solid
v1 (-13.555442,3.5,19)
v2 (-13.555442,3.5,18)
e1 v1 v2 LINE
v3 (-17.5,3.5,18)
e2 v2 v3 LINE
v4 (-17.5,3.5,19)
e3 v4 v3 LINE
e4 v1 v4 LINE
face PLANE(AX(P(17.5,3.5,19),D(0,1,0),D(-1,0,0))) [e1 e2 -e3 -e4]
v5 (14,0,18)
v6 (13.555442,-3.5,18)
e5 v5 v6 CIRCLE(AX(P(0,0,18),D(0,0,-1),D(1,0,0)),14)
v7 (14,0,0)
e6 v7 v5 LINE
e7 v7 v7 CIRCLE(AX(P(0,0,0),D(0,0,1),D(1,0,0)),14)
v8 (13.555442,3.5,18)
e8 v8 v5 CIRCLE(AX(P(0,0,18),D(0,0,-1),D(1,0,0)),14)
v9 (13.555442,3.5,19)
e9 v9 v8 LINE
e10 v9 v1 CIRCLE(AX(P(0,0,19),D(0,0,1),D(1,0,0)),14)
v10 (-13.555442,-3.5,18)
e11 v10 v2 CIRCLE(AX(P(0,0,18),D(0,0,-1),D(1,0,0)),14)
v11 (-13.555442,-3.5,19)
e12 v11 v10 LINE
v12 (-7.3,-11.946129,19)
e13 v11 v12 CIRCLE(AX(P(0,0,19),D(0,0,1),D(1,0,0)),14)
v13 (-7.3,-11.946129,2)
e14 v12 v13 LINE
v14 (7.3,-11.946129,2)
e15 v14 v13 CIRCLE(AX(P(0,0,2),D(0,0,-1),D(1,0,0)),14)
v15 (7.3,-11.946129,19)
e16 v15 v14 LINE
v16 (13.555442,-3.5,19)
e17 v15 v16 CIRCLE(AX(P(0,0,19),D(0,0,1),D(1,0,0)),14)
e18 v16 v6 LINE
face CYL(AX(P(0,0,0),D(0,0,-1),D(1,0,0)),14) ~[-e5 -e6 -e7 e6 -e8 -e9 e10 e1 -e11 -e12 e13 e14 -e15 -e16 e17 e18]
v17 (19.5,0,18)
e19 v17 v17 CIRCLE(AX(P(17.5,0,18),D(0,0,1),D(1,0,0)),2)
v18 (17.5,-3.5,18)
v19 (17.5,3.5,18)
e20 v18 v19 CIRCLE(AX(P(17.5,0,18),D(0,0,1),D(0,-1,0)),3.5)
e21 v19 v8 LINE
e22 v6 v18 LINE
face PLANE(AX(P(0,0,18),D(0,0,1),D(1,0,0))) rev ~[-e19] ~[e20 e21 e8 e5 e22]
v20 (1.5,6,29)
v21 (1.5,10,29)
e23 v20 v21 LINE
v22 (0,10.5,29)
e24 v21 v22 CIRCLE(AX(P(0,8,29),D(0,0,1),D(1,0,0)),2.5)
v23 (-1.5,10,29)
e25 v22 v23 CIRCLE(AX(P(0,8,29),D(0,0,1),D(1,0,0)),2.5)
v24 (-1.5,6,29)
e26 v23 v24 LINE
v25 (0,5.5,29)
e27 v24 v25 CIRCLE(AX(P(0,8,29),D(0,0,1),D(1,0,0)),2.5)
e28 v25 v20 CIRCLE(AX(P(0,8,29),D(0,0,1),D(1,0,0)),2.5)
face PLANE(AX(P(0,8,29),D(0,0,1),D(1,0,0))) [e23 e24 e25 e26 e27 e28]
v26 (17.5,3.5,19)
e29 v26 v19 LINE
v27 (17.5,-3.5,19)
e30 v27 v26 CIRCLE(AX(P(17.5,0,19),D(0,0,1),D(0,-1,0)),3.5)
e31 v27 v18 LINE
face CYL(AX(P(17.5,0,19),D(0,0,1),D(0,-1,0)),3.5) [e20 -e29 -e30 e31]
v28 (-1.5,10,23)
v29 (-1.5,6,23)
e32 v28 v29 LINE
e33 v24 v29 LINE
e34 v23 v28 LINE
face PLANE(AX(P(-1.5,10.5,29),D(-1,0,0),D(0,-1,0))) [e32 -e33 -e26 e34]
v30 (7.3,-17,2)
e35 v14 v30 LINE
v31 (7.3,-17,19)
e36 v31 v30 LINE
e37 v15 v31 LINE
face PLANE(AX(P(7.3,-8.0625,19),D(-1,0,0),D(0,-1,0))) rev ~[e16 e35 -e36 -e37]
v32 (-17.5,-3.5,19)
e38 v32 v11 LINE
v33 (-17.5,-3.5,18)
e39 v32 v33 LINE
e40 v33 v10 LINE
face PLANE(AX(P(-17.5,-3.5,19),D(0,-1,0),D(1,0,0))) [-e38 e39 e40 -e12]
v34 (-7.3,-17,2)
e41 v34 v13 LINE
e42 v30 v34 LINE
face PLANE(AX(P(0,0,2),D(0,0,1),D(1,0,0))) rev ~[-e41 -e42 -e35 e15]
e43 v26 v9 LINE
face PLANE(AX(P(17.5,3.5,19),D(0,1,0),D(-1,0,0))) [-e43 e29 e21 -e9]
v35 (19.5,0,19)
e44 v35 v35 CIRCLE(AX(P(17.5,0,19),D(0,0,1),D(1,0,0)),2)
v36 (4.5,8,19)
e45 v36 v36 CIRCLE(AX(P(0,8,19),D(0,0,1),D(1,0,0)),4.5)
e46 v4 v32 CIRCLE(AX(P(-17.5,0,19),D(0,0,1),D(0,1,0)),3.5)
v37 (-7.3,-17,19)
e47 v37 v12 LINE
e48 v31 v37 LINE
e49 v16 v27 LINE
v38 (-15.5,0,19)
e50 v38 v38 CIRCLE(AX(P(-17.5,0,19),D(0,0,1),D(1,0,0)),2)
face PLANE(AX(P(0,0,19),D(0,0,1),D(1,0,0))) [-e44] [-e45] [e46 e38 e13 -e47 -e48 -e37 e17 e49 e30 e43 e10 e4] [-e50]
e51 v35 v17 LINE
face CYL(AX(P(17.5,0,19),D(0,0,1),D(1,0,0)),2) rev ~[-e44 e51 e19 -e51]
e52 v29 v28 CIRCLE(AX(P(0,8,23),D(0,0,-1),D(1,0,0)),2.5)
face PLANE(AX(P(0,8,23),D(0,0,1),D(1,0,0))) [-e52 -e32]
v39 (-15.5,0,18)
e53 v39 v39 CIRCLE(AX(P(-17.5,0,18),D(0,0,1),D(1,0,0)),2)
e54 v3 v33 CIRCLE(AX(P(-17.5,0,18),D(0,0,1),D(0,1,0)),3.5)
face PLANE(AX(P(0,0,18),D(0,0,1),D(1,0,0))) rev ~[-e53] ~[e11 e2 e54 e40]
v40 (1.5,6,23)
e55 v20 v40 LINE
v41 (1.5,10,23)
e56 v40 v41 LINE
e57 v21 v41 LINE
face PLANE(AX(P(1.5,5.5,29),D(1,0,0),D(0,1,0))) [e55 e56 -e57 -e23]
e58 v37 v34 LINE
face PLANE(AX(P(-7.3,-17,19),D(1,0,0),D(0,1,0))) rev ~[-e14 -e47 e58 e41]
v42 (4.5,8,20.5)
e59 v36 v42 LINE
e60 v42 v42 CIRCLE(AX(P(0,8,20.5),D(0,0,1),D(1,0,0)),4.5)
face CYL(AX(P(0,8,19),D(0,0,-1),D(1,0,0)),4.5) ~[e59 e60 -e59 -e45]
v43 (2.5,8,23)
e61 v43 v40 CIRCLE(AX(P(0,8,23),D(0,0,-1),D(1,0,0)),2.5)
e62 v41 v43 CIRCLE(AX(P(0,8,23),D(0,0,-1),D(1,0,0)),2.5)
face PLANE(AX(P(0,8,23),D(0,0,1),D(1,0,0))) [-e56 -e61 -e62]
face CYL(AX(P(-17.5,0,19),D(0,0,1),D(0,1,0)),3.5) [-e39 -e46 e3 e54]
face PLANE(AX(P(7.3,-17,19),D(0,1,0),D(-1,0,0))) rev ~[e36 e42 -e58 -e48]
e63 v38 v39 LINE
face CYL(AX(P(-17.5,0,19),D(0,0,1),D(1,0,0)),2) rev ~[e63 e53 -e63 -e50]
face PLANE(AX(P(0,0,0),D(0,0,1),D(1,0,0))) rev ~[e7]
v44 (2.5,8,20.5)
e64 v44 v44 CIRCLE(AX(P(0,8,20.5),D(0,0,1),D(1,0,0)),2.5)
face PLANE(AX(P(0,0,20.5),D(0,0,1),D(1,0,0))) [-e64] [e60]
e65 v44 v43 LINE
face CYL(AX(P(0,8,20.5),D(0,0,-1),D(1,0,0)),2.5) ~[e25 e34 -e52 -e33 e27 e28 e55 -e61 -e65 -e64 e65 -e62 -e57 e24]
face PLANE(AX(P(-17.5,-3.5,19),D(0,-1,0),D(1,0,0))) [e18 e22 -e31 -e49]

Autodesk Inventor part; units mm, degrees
ref_plane "YZ Plane" through (0, 0, 0) normal (1, 0, 0) x (0, 1, 0)
ref_plane "XZ Plane" through (0, 0, 0) normal (0, 1, 0) x (-1, 0, 0)
ref_plane "XY Plane" through (0, 0, 0) normal (0, 0, 1) x (1, 0, 0)
sketch "Náčrt1" plane through (0, 0, 0) normal (0, 0, 1) x (1, 0, 0)
  circle A0 centre (0, 0) radius 14
  dimension "d0" = 28
extrude "Vysunutí1" add sketch "Náčrt1" along normal blind 19
sketch "Náčrt2" plane through (0, 0, 19) normal (0, 0, 1) x (1, 0, 0)
  circle A0 centre (17.5, 0) radius 2
  circle A1 centre (-17.5, 0) radius 2
  line L0 (-17.5, 0) -> (17.5, 0) construction
  line L1 (-17.5, -3.5) -> (17.5, -3.5)
  line L2 (17.5, 3.5) -> (-17.5, 3.5)
  arc A2 (-17.5, 3.5) -> (-17.5, -3.5) centre (-17.5, 0) ccw
  arc A3 (17.5, -3.5) -> (17.5, 3.5) centre (17.5, 0) ccw
  point P0 (0, 0)
  point P1 (0, 0)
  dimension "d3" = 4
  dimension "d4" = 4
  dimension "d5" = 35
  dimension "d9" = 17.5
  dimension "d10" = 7
extrude "Vysunutí2" add sketch "Náčrt2" against normal blind 1
sketch "Náčrt3" plane through (0, 0, 19) normal (0, 0, 1) x (1, 0, 0)
  circle A0 centre (0, 8) radius 4.5
  point P0 (0, 0)
  dimension "d13" = 9
  dimension "d14" = 8
extrude "Vysunutí3" add sketch "Náčrt3" along normal blind 1.5
sketch "Náčrt4" plane through (0, 8, 20.5) normal (0, 0, 1) x (1, 0, 0)
  circle A0 centre (0, 0) radius 2.5
  point P0 (0, -8)
  dimension "d17" = 5
extrude "Vysunutí4" add sketch "Náčrt4" along normal blind 8.5
sketch "Náčrt5" plane through (0, 8, 29) normal (0, 0, 1) x (1, 0, 0)
  line L0 (-1.5, -2.5) -> (1.5, -2.5)
  line L1 (1.5, -2.5) -> (1.5, 2.5)
  line L2 (1.5, 2.5) -> (-1.5, 2.5)
  line L3 (-1.5, 2.5) -> (-1.5, -2.5)
  line L4 (-1.5, -2.5) -> (1.5, 2.5) construction
  line L5 (1.5, -2.5) -> (-1.5, 2.5) construction
  line L6 (-3, -3) -> (3, -3)
  line L7 (3, -3) -> (3, 3)
  line L8 (3, 3) -> (-3, 3)
  line L9 (-3, 3) -> (-3, -3)
  line L10 (-3, -3) -> (3, 3) construction
  line L11 (3, -3) -> (-3, 3) construction
  point P0 (0, -8)
  point P1 (0, 0)
  point P2 (0, 0)
  dimension "d20" = 3
  dimension "d21" = 5
  dimension "d22" = 6
  dimension "d23" = 6
extrude "Vysunutí5" cut sketch "Náčrt5" against normal blind 6
sketch "Náčrt6" plane through (0, 0, 19) normal (0, 0, 1) x (1, 0, 0)
  line L0 (-7.3, 17) -> (7.3, 17)
  line L1 (7.3, 17) -> (7.3, -17)
  line L2 (7.3, -17) -> (-7.3, -17)
  line L3 (-7.3, -17) -> (-7.3, 17)
  line L4 (-7.3, 17) -> (7.3, -17) construction
  line L5 (7.3, 17) -> (-7.3, -17) construction
  line L6 (-7.3, -8.0625) -> (7.3, -8.0625)
  point P0 (0, 0)
  dimension "d26" = 14.6
  dimension "d27" = 34
extrude "Vysunutí6" add sketch "Náčrt6" against normal blind 17 contours L6 L1 L2 L3
properties part number "StepperMotor"
